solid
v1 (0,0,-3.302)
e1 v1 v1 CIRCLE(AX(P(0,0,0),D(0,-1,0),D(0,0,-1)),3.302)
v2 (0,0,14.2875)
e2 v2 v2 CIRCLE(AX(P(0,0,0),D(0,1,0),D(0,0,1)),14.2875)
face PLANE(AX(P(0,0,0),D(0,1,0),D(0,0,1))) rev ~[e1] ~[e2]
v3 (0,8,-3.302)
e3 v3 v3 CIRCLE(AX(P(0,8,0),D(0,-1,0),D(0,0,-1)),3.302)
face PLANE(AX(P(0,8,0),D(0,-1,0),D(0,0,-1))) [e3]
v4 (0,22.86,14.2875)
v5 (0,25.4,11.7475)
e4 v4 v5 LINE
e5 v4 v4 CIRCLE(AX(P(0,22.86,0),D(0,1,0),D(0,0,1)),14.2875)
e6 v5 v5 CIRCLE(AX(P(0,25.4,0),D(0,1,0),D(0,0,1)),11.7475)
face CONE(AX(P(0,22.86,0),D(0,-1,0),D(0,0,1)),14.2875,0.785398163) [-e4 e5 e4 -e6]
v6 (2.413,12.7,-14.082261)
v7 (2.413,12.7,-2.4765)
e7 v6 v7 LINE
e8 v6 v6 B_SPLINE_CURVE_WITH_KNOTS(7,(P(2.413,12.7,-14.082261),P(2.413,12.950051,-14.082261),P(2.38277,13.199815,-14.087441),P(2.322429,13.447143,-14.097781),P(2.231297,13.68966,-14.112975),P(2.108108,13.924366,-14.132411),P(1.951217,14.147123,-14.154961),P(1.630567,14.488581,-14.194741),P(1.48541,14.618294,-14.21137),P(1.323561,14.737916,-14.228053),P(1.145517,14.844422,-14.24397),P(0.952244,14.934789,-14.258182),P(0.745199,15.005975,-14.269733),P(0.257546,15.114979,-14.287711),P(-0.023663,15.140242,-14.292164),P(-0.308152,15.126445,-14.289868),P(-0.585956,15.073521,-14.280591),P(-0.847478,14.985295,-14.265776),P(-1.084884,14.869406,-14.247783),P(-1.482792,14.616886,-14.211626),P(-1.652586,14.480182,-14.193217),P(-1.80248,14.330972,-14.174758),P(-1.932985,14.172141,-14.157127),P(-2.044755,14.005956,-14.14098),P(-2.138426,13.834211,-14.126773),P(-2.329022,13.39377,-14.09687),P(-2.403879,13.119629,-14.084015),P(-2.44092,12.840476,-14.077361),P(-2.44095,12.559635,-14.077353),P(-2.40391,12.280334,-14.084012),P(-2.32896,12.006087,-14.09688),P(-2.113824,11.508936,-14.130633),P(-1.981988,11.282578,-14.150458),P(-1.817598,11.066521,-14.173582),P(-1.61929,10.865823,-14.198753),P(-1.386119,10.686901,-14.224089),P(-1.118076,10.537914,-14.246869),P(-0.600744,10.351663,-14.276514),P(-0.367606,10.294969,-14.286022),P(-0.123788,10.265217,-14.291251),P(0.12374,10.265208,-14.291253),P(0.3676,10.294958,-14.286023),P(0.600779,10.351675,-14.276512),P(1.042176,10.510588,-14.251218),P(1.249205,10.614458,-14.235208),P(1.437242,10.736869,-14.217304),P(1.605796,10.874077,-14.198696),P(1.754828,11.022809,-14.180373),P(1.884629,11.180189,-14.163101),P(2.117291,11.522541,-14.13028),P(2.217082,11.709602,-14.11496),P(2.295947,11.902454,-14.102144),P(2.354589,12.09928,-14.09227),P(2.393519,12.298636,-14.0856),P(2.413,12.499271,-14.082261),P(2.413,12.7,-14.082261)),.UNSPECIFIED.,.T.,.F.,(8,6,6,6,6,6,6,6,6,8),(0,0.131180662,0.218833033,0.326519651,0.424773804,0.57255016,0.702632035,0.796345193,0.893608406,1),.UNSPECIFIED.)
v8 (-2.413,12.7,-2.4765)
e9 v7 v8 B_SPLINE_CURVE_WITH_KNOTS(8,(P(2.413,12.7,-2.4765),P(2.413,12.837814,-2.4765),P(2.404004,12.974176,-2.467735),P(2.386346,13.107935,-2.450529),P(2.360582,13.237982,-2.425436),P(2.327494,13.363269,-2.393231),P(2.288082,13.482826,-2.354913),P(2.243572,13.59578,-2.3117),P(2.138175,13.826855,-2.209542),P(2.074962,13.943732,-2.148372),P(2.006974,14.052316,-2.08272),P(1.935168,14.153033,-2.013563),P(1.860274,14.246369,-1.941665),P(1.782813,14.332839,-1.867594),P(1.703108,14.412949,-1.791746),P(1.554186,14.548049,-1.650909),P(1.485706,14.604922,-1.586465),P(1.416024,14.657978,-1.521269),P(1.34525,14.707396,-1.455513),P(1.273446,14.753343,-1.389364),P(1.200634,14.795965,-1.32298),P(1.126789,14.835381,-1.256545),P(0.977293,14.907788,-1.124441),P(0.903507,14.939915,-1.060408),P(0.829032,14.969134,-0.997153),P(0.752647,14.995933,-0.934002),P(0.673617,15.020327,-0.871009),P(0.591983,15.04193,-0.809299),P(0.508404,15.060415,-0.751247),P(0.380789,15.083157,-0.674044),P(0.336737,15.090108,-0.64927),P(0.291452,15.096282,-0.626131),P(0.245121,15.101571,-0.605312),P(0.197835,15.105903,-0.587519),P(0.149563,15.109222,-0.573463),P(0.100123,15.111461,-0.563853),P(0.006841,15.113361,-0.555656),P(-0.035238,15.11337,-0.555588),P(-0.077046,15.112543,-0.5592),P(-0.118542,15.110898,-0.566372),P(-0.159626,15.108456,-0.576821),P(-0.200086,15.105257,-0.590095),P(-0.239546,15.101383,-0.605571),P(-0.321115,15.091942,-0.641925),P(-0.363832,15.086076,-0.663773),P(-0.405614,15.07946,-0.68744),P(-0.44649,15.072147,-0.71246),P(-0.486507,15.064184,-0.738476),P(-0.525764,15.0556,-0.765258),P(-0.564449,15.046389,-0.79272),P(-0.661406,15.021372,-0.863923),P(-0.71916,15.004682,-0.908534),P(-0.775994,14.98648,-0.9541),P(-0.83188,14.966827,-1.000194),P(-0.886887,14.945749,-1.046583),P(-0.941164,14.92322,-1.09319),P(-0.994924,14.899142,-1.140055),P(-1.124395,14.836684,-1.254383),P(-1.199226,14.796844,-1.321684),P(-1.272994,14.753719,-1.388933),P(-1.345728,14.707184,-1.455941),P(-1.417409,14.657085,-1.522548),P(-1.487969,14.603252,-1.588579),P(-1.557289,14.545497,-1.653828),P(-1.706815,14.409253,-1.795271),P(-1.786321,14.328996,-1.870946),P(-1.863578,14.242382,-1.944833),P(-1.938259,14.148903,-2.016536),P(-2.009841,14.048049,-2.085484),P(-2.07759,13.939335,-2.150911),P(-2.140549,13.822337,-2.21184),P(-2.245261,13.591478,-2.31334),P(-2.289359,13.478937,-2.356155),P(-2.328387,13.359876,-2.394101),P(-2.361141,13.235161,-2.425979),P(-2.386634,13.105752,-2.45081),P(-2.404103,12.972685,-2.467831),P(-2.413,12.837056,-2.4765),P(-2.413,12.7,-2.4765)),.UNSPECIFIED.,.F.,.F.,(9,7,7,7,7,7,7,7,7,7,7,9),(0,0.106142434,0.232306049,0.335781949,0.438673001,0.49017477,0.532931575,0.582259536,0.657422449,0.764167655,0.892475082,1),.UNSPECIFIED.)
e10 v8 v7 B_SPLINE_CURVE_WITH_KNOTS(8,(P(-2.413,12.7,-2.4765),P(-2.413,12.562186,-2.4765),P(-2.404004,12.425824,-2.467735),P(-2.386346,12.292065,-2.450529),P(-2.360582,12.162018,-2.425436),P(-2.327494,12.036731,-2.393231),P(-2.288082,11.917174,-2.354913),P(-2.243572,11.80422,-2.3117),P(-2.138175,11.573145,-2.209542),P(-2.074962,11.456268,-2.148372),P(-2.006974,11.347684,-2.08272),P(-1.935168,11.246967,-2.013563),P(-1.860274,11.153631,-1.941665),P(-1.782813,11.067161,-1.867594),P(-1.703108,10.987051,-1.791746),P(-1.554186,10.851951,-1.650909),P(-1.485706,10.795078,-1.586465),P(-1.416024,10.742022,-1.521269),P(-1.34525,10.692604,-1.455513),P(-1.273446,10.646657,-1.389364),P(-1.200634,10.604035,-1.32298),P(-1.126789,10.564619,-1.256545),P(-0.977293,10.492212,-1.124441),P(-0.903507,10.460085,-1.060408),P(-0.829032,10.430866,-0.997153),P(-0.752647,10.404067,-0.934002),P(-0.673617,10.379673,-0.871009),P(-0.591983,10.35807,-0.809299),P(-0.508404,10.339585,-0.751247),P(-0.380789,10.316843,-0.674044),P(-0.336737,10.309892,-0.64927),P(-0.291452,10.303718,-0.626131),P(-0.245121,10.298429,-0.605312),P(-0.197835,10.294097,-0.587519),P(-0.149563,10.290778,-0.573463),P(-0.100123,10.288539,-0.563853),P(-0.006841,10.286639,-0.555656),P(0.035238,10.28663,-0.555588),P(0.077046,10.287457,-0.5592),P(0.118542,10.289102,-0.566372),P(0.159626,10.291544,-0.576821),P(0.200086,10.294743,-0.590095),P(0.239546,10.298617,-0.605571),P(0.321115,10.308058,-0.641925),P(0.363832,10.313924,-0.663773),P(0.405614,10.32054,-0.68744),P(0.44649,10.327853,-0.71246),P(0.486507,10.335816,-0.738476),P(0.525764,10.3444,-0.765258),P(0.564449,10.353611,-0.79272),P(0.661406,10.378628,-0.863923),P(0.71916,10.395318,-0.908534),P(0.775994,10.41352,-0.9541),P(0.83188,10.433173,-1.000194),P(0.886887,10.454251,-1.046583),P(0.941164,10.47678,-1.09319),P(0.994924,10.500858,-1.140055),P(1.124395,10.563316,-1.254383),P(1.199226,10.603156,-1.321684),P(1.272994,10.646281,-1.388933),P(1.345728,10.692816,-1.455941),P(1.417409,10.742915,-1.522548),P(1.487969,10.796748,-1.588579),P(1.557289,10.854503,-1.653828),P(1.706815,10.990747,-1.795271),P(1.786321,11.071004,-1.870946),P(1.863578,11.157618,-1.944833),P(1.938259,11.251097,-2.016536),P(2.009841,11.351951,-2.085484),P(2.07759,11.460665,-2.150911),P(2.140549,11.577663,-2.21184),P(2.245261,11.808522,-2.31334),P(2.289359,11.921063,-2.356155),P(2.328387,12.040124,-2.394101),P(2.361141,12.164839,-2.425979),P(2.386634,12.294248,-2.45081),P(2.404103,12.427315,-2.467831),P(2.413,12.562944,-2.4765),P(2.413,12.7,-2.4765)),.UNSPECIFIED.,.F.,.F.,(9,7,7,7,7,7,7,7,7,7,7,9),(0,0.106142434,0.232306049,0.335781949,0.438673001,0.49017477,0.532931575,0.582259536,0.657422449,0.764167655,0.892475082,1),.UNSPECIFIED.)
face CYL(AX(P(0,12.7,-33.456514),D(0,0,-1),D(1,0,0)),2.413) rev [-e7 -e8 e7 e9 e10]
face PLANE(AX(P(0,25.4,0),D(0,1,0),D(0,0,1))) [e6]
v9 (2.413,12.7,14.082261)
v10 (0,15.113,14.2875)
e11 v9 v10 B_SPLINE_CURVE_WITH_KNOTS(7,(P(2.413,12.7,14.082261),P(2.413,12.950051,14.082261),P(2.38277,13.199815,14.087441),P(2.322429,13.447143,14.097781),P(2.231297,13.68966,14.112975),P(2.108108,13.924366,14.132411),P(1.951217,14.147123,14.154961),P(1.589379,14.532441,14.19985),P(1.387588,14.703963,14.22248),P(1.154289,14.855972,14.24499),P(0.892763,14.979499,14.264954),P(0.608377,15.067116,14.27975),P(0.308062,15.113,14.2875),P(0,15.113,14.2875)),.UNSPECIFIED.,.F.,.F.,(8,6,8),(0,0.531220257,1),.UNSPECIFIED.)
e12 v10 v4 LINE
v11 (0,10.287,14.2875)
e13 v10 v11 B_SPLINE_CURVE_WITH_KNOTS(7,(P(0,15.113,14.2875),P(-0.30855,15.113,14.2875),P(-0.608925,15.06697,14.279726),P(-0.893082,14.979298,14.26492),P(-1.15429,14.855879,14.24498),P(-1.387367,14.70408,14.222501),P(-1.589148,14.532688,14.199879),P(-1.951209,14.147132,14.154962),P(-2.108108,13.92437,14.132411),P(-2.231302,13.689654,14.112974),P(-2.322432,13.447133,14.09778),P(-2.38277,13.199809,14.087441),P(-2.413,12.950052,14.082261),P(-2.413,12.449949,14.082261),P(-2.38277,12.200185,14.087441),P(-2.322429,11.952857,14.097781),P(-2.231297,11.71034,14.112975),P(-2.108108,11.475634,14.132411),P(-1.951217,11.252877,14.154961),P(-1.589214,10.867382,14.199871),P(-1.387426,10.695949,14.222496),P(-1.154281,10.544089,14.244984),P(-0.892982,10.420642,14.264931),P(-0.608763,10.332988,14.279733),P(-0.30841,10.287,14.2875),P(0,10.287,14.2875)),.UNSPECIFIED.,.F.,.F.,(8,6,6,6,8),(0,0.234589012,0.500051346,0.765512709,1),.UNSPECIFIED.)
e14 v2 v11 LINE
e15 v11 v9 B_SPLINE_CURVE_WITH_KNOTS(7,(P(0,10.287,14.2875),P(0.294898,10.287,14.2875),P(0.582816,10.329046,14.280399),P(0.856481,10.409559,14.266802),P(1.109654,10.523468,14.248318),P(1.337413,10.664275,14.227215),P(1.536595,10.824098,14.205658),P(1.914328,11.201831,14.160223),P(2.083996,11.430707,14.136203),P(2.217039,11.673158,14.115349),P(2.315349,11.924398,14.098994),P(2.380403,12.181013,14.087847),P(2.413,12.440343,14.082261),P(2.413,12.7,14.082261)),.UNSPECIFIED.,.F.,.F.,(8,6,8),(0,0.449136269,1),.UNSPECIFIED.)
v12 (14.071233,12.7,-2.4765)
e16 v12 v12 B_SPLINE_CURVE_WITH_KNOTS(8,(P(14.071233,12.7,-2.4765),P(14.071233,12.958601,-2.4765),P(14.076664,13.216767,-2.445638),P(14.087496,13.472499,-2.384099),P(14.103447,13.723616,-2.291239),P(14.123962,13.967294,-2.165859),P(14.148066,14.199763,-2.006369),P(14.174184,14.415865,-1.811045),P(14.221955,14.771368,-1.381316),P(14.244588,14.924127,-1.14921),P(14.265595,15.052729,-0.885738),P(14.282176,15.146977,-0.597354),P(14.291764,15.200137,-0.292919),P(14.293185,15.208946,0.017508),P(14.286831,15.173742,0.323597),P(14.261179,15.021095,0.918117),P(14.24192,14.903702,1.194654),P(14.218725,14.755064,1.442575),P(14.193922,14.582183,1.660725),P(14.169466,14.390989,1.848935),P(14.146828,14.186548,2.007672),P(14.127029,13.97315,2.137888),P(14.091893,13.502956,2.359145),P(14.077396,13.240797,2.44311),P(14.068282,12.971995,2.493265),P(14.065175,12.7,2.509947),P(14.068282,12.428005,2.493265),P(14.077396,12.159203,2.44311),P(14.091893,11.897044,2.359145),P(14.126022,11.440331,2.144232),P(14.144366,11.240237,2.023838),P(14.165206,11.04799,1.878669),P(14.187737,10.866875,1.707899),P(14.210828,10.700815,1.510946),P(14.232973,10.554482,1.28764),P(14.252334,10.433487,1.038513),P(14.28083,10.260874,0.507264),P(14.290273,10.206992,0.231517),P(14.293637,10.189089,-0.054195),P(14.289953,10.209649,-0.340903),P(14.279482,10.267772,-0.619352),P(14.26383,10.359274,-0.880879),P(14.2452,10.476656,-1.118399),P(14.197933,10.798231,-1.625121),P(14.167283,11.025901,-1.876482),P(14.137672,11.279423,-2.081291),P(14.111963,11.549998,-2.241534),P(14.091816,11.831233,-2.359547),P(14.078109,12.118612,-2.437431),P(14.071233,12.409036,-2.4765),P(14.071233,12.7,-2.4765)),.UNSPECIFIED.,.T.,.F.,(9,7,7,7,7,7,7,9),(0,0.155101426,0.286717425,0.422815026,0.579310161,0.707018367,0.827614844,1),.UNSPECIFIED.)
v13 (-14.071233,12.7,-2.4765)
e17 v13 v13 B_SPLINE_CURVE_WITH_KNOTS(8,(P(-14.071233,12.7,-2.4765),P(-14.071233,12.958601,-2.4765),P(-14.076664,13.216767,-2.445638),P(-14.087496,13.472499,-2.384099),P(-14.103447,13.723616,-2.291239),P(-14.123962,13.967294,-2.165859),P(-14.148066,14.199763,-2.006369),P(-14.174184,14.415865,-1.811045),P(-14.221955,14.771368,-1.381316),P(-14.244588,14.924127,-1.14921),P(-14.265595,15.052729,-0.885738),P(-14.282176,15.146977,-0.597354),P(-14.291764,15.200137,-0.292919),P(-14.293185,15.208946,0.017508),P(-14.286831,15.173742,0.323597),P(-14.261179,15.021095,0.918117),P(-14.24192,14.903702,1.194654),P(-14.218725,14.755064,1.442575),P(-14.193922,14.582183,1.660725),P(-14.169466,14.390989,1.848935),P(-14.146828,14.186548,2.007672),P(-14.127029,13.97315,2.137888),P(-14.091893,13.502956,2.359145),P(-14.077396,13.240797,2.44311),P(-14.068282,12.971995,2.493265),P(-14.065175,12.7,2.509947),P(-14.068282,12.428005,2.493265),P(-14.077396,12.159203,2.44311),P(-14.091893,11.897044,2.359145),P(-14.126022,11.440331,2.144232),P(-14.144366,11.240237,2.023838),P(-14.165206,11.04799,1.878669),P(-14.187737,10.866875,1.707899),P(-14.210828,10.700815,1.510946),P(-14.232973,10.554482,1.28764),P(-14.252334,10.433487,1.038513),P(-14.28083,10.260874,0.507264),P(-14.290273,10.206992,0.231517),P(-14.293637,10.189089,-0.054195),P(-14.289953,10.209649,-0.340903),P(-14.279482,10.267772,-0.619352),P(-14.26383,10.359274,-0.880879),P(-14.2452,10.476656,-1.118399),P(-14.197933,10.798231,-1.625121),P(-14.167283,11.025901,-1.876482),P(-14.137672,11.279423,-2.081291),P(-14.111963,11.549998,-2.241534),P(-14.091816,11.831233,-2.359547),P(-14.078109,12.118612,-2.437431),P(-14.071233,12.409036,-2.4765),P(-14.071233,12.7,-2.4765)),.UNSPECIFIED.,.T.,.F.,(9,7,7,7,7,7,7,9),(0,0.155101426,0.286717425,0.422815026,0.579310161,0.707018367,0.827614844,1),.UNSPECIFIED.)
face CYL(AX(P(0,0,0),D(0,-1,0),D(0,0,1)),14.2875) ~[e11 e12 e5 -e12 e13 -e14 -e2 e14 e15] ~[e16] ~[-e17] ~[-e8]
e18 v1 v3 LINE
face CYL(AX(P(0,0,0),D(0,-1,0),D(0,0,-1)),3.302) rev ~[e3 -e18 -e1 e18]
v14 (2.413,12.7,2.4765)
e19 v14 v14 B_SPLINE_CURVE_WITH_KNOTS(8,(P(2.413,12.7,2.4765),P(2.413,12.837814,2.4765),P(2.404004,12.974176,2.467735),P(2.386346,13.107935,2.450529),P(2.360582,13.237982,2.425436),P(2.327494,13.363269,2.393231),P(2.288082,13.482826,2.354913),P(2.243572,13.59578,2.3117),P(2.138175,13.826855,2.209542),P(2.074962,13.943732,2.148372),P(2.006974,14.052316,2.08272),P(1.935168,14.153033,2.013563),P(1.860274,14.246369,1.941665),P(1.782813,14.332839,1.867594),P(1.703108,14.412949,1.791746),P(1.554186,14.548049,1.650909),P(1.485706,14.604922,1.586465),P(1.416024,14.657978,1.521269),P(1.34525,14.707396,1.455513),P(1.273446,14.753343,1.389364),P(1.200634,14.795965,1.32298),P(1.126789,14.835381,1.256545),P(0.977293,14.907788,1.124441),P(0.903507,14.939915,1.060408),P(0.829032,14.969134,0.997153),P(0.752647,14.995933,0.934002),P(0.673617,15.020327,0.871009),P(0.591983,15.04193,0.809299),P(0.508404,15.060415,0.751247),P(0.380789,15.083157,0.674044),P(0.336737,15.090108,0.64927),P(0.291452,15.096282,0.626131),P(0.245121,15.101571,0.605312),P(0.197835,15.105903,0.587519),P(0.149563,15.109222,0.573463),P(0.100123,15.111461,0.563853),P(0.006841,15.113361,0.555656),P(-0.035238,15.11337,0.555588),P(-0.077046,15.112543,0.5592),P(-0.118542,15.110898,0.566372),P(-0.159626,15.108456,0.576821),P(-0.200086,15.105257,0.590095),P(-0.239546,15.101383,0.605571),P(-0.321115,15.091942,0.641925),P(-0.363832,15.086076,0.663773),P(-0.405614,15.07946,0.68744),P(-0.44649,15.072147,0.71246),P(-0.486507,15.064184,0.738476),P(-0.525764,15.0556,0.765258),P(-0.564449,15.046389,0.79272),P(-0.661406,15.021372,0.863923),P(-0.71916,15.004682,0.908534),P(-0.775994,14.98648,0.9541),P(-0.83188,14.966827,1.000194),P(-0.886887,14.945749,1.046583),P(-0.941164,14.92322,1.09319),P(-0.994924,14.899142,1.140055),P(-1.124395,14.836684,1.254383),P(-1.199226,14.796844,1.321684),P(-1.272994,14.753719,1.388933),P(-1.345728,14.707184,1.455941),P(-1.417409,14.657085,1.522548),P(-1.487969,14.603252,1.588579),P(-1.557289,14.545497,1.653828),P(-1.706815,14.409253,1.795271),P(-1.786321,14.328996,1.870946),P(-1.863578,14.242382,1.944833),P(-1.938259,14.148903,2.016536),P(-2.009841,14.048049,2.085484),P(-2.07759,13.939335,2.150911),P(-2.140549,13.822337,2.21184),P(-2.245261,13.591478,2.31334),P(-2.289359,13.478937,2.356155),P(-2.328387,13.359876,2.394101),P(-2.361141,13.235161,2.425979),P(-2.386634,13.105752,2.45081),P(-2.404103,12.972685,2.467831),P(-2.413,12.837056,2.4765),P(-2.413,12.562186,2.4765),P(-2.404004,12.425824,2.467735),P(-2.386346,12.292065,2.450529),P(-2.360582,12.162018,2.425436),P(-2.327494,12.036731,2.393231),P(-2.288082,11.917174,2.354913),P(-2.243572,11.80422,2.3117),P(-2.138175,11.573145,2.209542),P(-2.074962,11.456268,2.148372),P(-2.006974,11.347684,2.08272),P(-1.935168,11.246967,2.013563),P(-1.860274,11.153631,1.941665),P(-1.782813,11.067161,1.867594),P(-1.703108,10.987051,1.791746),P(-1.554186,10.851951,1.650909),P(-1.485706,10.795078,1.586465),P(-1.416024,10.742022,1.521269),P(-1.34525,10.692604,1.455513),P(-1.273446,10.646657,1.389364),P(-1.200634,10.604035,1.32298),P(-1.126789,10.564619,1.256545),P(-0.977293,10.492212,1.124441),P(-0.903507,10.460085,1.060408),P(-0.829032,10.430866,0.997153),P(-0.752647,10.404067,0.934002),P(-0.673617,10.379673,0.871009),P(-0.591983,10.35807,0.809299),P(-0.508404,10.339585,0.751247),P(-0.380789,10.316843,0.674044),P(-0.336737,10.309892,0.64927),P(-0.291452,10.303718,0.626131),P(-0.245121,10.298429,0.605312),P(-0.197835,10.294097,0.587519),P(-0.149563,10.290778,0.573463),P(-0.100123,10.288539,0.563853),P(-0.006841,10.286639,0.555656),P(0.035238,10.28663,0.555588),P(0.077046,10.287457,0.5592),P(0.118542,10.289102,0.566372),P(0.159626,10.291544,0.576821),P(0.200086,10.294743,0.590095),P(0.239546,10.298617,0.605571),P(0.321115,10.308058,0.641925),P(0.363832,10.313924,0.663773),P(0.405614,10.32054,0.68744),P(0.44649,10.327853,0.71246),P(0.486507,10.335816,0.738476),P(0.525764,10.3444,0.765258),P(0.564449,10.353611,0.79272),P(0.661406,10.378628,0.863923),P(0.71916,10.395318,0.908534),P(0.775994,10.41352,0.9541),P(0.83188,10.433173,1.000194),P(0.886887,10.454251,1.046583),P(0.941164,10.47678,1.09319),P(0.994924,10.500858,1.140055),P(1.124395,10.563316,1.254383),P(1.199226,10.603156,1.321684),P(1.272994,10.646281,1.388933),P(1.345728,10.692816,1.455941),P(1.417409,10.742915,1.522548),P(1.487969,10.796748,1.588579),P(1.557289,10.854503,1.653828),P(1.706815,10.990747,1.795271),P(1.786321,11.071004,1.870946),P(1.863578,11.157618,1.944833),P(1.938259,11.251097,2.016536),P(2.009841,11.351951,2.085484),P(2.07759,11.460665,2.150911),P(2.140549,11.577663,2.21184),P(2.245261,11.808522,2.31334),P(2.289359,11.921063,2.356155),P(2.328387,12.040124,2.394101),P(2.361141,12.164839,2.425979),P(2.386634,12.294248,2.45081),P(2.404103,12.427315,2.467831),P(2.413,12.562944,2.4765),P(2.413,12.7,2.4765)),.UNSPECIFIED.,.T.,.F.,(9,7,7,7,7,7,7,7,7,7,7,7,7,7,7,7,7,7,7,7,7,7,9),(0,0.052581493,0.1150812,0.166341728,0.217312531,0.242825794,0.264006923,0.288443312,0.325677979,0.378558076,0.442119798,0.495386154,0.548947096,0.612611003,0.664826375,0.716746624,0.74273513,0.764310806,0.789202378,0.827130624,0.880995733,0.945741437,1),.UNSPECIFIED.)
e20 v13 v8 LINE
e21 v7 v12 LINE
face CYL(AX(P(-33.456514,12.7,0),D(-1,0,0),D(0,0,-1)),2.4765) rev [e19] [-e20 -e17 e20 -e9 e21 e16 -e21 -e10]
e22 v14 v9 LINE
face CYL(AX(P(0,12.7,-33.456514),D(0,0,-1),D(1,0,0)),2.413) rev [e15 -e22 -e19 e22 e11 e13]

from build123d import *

# Parameters (mm, degrees)
SKETCH1_R               = 14.2875
BOSS_EXTRUDE1_DEPTH     = 25.4
SKETCH2_R               = 3.302
CUT_EXTRUDE1_DEPTH      = 8
CUT_EXTRUDE2_DEPTH      = 33.456514177
CUT_EXTRUDE2_DEPTH_BACK = 33.456514177
SKETCH3_R               = 2.4765
CHAMFER1_SIZE           = 2.54
CUT_EXTRUDE3_DEPTH      = 33.456514265
CUT_EXTRUDE3_DEPTH_BACK = 33.456514265
SKETCH4_R               = 2.413


with BuildPart() as part:
    # Sketch1 → Boss-Extrude1 (new body)
    with BuildSketch(Plane(origin=(0, 0, 0), x_dir=(1, 0, 0), z_dir=(0, 1, 0))):
        with Locations(Location((0, 0, 0), (0, 0, 270))):
            Circle(SKETCH1_R)
    extrude(amount=BOSS_EXTRUDE1_DEPTH)

    # Sketch2 → Cut-Extrude1 (cut)
    with BuildSketch(Plane(origin=(0, 0, 0), x_dir=(-1, 0, 0), z_dir=(0, -1, 0))):
        with Locations(Location((0, 0, 0), (0, 0, 90))):
            Circle(SKETCH2_R)
    extrude(amount=-CUT_EXTRUDE1_DEPTH, mode=Mode.SUBTRACT)

    # Sketch3 → Cut-Extrude2 (cut, two sides: drawn at the far end of the back side and taken through both)
    with BuildSketch(Plane(origin=(0, 0, 0), x_dir=(0, 0, -1), z_dir=(1, 0, 0)).offset(-CUT_EXTRUDE2_DEPTH_BACK)):
        with Locations((0, 12.7)):
            Circle(SKETCH3_R)
    extrude(amount=CUT_EXTRUDE2_DEPTH + CUT_EXTRUDE2_DEPTH_BACK, mode=Mode.SUBTRACT)

    # Chamfer1
    chamfer1_edges = [part.edges().sort_by_distance(p)[0] for p in [
        (0, 25.4, -14.2875),
    ]]
    chamfer(chamfer1_edges, length=CHAMFER1_SIZE)

    # Sketch4 → Cut-Extrude3 (cut, two sides: drawn at the far end of the back side and taken through both)
    with BuildSketch(Plane.XY.offset(-CUT_EXTRUDE3_DEPTH_BACK)):
        with Locations((0, 12.7)):
            Circle(SKETCH4_R)
    extrude(amount=CUT_EXTRUDE3_DEPTH + CUT_EXTRUDE3_DEPTH_BACK, mode=Mode.SUBTRACT)


solid = part.part
